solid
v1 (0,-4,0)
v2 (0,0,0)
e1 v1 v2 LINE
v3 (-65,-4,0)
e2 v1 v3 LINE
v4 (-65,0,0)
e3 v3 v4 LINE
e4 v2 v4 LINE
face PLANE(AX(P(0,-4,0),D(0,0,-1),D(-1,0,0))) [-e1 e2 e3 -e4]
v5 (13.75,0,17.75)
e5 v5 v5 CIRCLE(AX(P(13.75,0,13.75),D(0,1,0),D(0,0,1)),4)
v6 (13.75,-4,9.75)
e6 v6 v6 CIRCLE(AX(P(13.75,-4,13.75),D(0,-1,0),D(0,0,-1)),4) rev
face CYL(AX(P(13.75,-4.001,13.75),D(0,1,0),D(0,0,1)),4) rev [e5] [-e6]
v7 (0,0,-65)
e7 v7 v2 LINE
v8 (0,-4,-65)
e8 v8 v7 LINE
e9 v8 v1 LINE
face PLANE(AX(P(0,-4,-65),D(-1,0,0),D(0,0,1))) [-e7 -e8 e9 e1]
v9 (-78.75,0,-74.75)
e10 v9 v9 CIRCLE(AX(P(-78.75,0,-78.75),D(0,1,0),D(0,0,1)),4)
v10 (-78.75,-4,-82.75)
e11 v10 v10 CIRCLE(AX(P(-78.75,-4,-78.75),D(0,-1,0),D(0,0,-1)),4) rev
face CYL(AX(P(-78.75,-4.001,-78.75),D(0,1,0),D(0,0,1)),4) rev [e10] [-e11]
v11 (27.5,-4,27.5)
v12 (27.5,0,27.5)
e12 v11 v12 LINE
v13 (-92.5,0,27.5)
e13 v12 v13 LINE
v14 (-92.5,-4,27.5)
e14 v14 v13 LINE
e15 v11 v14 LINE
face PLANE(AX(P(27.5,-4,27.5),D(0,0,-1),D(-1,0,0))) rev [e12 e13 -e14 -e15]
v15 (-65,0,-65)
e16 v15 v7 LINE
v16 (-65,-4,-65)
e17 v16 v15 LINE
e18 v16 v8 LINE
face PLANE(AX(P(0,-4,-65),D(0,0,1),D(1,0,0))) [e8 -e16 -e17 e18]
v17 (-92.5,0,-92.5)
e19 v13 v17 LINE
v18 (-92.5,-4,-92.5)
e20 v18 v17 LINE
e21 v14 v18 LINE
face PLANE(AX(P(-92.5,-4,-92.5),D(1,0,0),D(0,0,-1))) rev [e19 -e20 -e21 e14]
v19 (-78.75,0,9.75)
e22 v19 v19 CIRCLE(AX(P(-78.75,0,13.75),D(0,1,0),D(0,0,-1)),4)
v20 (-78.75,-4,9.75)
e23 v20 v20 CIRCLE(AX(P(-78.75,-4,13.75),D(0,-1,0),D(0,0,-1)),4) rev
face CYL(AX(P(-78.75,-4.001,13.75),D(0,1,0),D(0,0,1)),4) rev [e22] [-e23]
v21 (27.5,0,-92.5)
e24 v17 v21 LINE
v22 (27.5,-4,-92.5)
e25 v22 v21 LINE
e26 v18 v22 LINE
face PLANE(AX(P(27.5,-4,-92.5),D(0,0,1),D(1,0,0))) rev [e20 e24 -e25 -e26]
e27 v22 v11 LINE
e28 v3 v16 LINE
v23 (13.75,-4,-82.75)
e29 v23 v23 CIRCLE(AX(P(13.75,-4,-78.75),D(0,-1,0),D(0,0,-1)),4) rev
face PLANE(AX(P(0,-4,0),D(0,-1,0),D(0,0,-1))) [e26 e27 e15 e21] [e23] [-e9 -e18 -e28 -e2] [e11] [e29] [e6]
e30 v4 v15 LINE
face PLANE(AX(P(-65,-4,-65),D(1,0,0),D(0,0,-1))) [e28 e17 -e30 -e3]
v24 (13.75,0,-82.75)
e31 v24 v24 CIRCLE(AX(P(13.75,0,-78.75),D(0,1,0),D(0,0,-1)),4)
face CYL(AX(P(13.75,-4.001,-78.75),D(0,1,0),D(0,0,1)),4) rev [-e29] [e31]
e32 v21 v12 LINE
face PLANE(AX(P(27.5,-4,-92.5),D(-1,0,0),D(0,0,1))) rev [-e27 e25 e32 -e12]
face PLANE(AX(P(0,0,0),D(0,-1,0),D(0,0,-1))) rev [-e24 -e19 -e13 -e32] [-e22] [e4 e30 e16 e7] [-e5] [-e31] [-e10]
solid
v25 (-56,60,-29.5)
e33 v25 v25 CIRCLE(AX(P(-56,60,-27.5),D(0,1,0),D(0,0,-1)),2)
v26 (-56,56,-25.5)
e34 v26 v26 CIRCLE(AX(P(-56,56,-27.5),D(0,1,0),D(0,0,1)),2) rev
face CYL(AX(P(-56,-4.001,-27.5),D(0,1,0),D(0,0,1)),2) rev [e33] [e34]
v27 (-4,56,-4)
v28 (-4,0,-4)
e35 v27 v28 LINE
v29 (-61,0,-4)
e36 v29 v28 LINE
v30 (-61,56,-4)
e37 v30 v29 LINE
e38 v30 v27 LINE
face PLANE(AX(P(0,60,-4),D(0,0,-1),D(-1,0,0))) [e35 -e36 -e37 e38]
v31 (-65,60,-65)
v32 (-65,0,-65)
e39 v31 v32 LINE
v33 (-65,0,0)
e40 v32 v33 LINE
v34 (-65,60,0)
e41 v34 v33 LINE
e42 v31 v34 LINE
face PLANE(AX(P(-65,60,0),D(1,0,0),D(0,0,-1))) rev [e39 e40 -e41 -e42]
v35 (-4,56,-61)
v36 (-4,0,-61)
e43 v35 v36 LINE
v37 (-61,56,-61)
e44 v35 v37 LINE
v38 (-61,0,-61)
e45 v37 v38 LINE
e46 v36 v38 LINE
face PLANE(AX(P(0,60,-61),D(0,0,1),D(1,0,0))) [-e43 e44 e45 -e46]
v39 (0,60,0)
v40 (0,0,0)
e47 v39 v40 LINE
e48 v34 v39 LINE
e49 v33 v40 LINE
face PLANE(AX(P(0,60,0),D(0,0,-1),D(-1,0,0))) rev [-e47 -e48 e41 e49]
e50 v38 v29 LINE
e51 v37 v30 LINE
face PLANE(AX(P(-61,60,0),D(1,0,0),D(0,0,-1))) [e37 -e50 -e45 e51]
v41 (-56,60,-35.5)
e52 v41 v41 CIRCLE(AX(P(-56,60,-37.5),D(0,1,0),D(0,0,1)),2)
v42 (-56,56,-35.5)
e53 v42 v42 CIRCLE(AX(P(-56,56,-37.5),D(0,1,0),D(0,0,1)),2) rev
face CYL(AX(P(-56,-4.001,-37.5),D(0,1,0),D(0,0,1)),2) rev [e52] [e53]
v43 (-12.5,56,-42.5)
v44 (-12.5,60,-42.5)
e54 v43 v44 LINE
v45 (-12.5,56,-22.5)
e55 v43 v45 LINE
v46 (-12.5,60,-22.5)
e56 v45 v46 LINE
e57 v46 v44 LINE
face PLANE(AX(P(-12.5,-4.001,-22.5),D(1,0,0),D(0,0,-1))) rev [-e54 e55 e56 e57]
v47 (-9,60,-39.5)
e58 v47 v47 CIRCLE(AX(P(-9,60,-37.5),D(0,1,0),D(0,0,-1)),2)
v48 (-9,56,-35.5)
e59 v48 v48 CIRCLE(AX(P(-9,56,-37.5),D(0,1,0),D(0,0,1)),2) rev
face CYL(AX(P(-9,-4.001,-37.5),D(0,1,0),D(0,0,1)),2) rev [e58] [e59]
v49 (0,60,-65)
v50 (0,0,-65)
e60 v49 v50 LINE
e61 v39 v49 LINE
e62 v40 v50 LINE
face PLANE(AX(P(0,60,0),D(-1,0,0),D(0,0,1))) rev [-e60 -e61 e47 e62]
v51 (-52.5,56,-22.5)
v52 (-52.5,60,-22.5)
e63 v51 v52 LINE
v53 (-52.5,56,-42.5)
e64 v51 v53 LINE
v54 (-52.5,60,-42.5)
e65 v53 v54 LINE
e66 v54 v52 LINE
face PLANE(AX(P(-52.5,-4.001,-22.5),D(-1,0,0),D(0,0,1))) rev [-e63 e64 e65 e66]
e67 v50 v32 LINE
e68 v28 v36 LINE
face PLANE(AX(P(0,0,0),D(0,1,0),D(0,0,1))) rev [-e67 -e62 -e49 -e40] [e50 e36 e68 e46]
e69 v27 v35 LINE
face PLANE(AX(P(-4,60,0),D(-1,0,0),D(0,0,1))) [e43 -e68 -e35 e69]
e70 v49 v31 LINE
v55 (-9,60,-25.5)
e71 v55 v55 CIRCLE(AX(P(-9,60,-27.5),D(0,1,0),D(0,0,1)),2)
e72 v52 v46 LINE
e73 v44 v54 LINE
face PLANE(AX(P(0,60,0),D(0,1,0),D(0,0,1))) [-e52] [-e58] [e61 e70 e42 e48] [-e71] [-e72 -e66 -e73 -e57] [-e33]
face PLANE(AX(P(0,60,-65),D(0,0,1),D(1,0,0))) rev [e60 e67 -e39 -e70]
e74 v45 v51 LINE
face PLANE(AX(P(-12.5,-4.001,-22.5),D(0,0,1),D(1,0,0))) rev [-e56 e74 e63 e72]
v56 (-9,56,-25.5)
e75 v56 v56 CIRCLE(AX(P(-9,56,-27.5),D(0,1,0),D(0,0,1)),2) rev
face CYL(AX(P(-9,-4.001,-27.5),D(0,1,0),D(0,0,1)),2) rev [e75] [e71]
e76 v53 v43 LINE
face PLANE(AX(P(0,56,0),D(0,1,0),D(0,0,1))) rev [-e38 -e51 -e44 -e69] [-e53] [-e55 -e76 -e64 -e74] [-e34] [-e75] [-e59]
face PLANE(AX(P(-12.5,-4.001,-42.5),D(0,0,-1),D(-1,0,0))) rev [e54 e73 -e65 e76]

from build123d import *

# Parameters (mm, degrees)
IZIM1_W                     = 65
IZIM1_H                     = 65
Y_KSEKLIK_EKSTR_ZYON1_DEPTH = 60
BO_ALTMA1_T                 = -4
IZIM10_W                    = 120
IZIM10_H                    = 120
IZIM10_W_2                  = 65
IZIM10_H_2                  = 65
Y_KSEKLIK_EKSTR_ZYON5_DEPTH = 4
IZIM11_R                    = 4
KES_EKSTR_ZYON4_DEPTH       = 4
IZIM12_R                    = 2
IZIM12_W                    = 40
IZIM12_H                    = 20
KES_EKSTR_ZYON5_DEPTH       = 4


with BuildPart() as part:
    # Çizim1 → Yükseklik-Ekstrüzyon1 (new body)
    with BuildSketch(Plane(origin=(0, 0, 0), x_dir=(1, 0, 0), z_dir=(0, 1, 0))):
        with Locations((-32.5, 32.5)):
            Rectangle(IZIM1_W, IZIM1_H)
    extrude(amount=Y_KSEKLIK_EKSTR_ZYON1_DEPTH)

    # İç Boşaltma1
    bo_altma1_openings = [part.faces().sort_by_distance(p)[0] for p in [
        (-32.5, 0, -32.5),
    ]]
    offset(amount=BO_ALTMA1_T, openings=bo_altma1_openings, kind=Kind.INTERSECTION)

    # Çizim12 → Kes-Ekstrüzyon5 (cut)
    with BuildSketch(Plane(origin=(0, 60, 0), x_dir=(1, 0, 0), z_dir=(0, 1, 0))):
        with Locations(Location((-56, 37.5, 0), (0, 0, 270))):
            Circle(IZIM12_R)
        with Locations(Location((-56, 27.5, 0), (0, 0, 270))):
            Circle(IZIM12_R)
        with Locations(Location((-9, 27.5, 0), (0, 0, 270))):
            Circle(IZIM12_R)
        with Locations(Location((-9, 37.5, 0), (0, 0, 270))):
            Circle(IZIM12_R)
        with Locations((-32.5, 32.5)):
            Rectangle(IZIM12_W, IZIM12_H)
    extrude(amount=-KES_EKSTR_ZYON5_DEPTH, mode=Mode.SUBTRACT)


with BuildPart() as body_2:
    # Çizim10 → Yükseklik-Ekstrüzyon5 (new body)
    with BuildSketch(Plane.XZ):
        with Locations((-32.5, -32.5)):
            Rectangle(IZIM10_W, IZIM10_H)
        with Locations((-32.5, -32.5)):
            Rectangle(IZIM10_W_2, IZIM10_H_2, mode=Mode.SUBTRACT)
    extrude(amount=Y_KSEKLIK_EKSTR_ZYON5_DEPTH)

    # Çizim11 → Kes-Ekstrüzyon4 (cut)
    with BuildSketch(Plane(origin=(0, 0, 0), x_dir=(1, 0, 0), z_dir=(0, 1, 0))):
        with Locations(Location((-78.75, 78.75, 0), (0, 0, 270))):
            Circle(IZIM11_R)
        with Locations(Location((-78.75, -13.75, 0), (0, 0, 90))):
            Circle(IZIM11_R)
        with Locations(Location((13.75, -13.75, 0), (0, 0, 270))):
            Circle(IZIM11_R)
        with Locations(Location((13.75, 78.75, 0), (0, 0, 90))):
            Circle(IZIM11_R)
    extrude(amount=-KES_EKSTR_ZYON4_DEPTH, mode=Mode.SUBTRACT)


solid = Compound([part.part, body_2.part])
